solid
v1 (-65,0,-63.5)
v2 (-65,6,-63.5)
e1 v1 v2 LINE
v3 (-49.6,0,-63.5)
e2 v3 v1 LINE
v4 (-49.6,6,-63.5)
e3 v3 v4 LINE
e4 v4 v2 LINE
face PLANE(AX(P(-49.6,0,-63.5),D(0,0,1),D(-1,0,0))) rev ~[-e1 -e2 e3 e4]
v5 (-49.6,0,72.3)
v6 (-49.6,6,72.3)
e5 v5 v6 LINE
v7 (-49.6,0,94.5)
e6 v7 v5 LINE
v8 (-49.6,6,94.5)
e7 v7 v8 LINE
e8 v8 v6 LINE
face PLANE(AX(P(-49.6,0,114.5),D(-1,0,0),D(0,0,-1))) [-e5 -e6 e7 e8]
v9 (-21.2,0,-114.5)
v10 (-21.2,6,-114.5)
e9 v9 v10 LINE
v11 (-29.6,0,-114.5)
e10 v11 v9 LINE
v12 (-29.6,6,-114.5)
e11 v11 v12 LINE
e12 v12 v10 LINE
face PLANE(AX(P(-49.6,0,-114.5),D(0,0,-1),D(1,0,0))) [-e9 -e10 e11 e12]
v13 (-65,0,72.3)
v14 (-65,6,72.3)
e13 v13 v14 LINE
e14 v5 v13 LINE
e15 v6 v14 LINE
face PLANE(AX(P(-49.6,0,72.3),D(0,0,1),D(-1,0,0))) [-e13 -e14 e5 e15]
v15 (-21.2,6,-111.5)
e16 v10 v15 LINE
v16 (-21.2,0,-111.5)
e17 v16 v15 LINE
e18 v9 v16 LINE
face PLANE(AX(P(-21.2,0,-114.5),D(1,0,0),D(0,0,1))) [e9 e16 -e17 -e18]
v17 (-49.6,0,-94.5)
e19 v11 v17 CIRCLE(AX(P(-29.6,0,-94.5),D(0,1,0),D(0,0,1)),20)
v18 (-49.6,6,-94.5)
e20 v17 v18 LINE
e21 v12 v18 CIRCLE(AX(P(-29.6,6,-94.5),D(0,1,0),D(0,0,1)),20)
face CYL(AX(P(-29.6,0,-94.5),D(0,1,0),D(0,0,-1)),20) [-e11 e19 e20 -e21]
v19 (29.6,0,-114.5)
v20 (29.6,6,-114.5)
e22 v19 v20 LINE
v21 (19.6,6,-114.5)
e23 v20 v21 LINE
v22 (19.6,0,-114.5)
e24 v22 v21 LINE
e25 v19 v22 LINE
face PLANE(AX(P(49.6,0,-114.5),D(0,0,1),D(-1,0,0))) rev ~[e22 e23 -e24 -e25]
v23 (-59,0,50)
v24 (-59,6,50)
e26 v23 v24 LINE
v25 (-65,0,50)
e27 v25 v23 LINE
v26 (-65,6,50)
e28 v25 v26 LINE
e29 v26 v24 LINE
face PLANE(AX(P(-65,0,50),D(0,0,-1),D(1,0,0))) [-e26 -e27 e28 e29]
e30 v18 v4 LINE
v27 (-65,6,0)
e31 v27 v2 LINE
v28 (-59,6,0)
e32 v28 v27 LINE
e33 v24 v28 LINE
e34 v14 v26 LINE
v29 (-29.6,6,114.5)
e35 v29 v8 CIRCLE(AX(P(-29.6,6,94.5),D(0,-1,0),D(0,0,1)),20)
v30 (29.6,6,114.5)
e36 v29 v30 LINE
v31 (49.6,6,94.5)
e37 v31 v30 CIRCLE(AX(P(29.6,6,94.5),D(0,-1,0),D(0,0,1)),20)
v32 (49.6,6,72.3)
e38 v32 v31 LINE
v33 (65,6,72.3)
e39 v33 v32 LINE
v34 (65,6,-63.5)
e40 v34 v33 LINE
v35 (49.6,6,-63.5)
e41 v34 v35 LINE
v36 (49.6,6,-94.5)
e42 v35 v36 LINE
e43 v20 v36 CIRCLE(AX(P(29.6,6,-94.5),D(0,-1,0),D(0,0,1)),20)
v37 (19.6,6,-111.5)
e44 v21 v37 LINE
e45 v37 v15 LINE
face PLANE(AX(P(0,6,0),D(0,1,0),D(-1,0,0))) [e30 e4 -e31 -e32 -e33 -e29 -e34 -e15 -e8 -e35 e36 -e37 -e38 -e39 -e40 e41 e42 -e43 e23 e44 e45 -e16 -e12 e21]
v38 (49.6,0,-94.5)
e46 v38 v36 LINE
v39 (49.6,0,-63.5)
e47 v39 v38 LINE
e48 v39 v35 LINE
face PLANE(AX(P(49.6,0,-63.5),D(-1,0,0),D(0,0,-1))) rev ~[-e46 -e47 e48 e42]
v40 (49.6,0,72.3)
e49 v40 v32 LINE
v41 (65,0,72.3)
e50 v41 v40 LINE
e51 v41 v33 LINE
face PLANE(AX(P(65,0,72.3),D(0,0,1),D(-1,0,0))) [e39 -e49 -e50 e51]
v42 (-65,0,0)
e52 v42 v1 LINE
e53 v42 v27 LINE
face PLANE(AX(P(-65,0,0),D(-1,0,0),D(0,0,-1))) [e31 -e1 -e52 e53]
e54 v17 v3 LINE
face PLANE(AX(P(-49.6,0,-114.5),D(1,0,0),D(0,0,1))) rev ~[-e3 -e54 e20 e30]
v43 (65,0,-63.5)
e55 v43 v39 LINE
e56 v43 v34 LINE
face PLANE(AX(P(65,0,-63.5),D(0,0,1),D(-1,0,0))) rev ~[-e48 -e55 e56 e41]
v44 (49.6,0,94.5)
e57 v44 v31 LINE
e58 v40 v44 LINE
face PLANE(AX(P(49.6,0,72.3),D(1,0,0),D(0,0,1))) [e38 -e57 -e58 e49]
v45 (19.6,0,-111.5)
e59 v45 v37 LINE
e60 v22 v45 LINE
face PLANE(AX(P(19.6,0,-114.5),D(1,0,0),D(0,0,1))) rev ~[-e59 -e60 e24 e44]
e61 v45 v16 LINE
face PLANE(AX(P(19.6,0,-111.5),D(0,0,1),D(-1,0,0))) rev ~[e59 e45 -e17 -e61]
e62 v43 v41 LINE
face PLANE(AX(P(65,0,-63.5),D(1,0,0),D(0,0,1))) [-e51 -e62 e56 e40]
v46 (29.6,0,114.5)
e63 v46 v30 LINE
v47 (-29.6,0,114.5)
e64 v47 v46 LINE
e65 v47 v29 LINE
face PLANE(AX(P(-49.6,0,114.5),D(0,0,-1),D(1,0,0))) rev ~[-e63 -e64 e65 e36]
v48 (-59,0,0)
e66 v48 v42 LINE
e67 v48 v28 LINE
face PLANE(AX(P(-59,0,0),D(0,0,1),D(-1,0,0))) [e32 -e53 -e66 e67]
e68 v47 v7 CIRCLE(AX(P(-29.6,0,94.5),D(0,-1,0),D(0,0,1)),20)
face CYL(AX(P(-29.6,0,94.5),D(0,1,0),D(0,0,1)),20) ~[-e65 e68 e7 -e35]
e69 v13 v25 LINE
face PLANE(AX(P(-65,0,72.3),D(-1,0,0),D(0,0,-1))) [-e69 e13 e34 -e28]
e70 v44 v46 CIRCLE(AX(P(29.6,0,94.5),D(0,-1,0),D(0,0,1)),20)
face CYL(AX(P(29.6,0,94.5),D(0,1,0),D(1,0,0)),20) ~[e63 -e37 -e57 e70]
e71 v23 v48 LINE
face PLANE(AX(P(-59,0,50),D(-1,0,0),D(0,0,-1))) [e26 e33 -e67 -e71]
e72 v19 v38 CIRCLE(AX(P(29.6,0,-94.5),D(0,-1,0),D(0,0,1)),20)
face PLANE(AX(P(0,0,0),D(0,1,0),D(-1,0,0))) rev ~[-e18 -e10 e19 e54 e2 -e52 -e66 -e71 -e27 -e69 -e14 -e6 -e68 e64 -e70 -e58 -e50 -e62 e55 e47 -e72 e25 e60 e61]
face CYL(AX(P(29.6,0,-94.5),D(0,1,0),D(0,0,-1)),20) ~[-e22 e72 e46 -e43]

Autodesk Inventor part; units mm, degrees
ref_plane "YZ Plane" through (0, 0, 0) normal (1, 0, 0) x (0, 1, 0)
ref_plane "XZ Plane" through (0, 0, 0) normal (0, 1, 0) x (-1, 0, 0)
ref_plane "XY Plane" through (0, 0, 0) normal (0, 0, 1) x (1, 0, 0)
sketch "Sketch1" plane through (0, 0, 0) normal (0, 1, 0) x (-1, 0, 0)
  line L0 (49.6, -114.5) -> (49.6, -63.5)
  line L1 (49.6, -63.5) -> (65, -63.5)
  line L2 (-65, -63.5) -> (-49.6, -63.5)
  line L3 (-49.6, -63.5) -> (-49.6, -114.5)
  line L4 (-65, 72.3) -> (-49.6, 72.3)
  line L5 (-65, -63.5) -> (-65, 72.3)
  line L6 (-49.6, 72.3) -> (-49.6, 114.5)
  line L7 (49.6, 114.5) -> (49.6, 72.3)
  line L8 (49.6, 72.3) -> (65, 72.3)
  line L9 (49.6, 114.5) -> (-49.6, 114.5)
  line L10 (49.6, -114.5) -> (21.2, -114.5)
  line L11 (21.2, -114.5) -> (21.2, -111.5)
  line L12 (-49.6, -114.5) -> (-19.6, -114.5)
  line L13 (-19.6, -114.5) -> (-19.6, -111.5)
  line L14 (-19.6, -111.5) -> (21.2, -111.5)
  line L15 (65, 72.3) -> (65, 50)
  line L16 (65, 50) -> (59, 50)
  line L17 (59, 50) -> (59, 0)
  line L18 (59, 0) -> (65, 0)
  line L19 (65, 0) -> (65, -63.5)
  point P0 (0, 0)
  dimension "d3" = 51
  dimension "d5" = 15.4
  dimension "d8" = 15.4
  dimension "d10" = 42.2
  dimension "d11" = 28.4
  dimension "d13" = 30
  dimension "d14" = 3
  dimension "d15" = 40.8
  dimension "d16" = 22.3
  dimension "d17" = 6
  dimension "d18" = 50
extrude "Extrusion1" add sketch "Sketch1" along normal blind 6
fillet "Fillet1" radius 20 4 edges at (49.6, 3, -114.5) (-49.6, 3, -114.5) (49.6, 3, 114.5) (-49.6, 3, 114.5)
properties part number "kryt_v1,1"
